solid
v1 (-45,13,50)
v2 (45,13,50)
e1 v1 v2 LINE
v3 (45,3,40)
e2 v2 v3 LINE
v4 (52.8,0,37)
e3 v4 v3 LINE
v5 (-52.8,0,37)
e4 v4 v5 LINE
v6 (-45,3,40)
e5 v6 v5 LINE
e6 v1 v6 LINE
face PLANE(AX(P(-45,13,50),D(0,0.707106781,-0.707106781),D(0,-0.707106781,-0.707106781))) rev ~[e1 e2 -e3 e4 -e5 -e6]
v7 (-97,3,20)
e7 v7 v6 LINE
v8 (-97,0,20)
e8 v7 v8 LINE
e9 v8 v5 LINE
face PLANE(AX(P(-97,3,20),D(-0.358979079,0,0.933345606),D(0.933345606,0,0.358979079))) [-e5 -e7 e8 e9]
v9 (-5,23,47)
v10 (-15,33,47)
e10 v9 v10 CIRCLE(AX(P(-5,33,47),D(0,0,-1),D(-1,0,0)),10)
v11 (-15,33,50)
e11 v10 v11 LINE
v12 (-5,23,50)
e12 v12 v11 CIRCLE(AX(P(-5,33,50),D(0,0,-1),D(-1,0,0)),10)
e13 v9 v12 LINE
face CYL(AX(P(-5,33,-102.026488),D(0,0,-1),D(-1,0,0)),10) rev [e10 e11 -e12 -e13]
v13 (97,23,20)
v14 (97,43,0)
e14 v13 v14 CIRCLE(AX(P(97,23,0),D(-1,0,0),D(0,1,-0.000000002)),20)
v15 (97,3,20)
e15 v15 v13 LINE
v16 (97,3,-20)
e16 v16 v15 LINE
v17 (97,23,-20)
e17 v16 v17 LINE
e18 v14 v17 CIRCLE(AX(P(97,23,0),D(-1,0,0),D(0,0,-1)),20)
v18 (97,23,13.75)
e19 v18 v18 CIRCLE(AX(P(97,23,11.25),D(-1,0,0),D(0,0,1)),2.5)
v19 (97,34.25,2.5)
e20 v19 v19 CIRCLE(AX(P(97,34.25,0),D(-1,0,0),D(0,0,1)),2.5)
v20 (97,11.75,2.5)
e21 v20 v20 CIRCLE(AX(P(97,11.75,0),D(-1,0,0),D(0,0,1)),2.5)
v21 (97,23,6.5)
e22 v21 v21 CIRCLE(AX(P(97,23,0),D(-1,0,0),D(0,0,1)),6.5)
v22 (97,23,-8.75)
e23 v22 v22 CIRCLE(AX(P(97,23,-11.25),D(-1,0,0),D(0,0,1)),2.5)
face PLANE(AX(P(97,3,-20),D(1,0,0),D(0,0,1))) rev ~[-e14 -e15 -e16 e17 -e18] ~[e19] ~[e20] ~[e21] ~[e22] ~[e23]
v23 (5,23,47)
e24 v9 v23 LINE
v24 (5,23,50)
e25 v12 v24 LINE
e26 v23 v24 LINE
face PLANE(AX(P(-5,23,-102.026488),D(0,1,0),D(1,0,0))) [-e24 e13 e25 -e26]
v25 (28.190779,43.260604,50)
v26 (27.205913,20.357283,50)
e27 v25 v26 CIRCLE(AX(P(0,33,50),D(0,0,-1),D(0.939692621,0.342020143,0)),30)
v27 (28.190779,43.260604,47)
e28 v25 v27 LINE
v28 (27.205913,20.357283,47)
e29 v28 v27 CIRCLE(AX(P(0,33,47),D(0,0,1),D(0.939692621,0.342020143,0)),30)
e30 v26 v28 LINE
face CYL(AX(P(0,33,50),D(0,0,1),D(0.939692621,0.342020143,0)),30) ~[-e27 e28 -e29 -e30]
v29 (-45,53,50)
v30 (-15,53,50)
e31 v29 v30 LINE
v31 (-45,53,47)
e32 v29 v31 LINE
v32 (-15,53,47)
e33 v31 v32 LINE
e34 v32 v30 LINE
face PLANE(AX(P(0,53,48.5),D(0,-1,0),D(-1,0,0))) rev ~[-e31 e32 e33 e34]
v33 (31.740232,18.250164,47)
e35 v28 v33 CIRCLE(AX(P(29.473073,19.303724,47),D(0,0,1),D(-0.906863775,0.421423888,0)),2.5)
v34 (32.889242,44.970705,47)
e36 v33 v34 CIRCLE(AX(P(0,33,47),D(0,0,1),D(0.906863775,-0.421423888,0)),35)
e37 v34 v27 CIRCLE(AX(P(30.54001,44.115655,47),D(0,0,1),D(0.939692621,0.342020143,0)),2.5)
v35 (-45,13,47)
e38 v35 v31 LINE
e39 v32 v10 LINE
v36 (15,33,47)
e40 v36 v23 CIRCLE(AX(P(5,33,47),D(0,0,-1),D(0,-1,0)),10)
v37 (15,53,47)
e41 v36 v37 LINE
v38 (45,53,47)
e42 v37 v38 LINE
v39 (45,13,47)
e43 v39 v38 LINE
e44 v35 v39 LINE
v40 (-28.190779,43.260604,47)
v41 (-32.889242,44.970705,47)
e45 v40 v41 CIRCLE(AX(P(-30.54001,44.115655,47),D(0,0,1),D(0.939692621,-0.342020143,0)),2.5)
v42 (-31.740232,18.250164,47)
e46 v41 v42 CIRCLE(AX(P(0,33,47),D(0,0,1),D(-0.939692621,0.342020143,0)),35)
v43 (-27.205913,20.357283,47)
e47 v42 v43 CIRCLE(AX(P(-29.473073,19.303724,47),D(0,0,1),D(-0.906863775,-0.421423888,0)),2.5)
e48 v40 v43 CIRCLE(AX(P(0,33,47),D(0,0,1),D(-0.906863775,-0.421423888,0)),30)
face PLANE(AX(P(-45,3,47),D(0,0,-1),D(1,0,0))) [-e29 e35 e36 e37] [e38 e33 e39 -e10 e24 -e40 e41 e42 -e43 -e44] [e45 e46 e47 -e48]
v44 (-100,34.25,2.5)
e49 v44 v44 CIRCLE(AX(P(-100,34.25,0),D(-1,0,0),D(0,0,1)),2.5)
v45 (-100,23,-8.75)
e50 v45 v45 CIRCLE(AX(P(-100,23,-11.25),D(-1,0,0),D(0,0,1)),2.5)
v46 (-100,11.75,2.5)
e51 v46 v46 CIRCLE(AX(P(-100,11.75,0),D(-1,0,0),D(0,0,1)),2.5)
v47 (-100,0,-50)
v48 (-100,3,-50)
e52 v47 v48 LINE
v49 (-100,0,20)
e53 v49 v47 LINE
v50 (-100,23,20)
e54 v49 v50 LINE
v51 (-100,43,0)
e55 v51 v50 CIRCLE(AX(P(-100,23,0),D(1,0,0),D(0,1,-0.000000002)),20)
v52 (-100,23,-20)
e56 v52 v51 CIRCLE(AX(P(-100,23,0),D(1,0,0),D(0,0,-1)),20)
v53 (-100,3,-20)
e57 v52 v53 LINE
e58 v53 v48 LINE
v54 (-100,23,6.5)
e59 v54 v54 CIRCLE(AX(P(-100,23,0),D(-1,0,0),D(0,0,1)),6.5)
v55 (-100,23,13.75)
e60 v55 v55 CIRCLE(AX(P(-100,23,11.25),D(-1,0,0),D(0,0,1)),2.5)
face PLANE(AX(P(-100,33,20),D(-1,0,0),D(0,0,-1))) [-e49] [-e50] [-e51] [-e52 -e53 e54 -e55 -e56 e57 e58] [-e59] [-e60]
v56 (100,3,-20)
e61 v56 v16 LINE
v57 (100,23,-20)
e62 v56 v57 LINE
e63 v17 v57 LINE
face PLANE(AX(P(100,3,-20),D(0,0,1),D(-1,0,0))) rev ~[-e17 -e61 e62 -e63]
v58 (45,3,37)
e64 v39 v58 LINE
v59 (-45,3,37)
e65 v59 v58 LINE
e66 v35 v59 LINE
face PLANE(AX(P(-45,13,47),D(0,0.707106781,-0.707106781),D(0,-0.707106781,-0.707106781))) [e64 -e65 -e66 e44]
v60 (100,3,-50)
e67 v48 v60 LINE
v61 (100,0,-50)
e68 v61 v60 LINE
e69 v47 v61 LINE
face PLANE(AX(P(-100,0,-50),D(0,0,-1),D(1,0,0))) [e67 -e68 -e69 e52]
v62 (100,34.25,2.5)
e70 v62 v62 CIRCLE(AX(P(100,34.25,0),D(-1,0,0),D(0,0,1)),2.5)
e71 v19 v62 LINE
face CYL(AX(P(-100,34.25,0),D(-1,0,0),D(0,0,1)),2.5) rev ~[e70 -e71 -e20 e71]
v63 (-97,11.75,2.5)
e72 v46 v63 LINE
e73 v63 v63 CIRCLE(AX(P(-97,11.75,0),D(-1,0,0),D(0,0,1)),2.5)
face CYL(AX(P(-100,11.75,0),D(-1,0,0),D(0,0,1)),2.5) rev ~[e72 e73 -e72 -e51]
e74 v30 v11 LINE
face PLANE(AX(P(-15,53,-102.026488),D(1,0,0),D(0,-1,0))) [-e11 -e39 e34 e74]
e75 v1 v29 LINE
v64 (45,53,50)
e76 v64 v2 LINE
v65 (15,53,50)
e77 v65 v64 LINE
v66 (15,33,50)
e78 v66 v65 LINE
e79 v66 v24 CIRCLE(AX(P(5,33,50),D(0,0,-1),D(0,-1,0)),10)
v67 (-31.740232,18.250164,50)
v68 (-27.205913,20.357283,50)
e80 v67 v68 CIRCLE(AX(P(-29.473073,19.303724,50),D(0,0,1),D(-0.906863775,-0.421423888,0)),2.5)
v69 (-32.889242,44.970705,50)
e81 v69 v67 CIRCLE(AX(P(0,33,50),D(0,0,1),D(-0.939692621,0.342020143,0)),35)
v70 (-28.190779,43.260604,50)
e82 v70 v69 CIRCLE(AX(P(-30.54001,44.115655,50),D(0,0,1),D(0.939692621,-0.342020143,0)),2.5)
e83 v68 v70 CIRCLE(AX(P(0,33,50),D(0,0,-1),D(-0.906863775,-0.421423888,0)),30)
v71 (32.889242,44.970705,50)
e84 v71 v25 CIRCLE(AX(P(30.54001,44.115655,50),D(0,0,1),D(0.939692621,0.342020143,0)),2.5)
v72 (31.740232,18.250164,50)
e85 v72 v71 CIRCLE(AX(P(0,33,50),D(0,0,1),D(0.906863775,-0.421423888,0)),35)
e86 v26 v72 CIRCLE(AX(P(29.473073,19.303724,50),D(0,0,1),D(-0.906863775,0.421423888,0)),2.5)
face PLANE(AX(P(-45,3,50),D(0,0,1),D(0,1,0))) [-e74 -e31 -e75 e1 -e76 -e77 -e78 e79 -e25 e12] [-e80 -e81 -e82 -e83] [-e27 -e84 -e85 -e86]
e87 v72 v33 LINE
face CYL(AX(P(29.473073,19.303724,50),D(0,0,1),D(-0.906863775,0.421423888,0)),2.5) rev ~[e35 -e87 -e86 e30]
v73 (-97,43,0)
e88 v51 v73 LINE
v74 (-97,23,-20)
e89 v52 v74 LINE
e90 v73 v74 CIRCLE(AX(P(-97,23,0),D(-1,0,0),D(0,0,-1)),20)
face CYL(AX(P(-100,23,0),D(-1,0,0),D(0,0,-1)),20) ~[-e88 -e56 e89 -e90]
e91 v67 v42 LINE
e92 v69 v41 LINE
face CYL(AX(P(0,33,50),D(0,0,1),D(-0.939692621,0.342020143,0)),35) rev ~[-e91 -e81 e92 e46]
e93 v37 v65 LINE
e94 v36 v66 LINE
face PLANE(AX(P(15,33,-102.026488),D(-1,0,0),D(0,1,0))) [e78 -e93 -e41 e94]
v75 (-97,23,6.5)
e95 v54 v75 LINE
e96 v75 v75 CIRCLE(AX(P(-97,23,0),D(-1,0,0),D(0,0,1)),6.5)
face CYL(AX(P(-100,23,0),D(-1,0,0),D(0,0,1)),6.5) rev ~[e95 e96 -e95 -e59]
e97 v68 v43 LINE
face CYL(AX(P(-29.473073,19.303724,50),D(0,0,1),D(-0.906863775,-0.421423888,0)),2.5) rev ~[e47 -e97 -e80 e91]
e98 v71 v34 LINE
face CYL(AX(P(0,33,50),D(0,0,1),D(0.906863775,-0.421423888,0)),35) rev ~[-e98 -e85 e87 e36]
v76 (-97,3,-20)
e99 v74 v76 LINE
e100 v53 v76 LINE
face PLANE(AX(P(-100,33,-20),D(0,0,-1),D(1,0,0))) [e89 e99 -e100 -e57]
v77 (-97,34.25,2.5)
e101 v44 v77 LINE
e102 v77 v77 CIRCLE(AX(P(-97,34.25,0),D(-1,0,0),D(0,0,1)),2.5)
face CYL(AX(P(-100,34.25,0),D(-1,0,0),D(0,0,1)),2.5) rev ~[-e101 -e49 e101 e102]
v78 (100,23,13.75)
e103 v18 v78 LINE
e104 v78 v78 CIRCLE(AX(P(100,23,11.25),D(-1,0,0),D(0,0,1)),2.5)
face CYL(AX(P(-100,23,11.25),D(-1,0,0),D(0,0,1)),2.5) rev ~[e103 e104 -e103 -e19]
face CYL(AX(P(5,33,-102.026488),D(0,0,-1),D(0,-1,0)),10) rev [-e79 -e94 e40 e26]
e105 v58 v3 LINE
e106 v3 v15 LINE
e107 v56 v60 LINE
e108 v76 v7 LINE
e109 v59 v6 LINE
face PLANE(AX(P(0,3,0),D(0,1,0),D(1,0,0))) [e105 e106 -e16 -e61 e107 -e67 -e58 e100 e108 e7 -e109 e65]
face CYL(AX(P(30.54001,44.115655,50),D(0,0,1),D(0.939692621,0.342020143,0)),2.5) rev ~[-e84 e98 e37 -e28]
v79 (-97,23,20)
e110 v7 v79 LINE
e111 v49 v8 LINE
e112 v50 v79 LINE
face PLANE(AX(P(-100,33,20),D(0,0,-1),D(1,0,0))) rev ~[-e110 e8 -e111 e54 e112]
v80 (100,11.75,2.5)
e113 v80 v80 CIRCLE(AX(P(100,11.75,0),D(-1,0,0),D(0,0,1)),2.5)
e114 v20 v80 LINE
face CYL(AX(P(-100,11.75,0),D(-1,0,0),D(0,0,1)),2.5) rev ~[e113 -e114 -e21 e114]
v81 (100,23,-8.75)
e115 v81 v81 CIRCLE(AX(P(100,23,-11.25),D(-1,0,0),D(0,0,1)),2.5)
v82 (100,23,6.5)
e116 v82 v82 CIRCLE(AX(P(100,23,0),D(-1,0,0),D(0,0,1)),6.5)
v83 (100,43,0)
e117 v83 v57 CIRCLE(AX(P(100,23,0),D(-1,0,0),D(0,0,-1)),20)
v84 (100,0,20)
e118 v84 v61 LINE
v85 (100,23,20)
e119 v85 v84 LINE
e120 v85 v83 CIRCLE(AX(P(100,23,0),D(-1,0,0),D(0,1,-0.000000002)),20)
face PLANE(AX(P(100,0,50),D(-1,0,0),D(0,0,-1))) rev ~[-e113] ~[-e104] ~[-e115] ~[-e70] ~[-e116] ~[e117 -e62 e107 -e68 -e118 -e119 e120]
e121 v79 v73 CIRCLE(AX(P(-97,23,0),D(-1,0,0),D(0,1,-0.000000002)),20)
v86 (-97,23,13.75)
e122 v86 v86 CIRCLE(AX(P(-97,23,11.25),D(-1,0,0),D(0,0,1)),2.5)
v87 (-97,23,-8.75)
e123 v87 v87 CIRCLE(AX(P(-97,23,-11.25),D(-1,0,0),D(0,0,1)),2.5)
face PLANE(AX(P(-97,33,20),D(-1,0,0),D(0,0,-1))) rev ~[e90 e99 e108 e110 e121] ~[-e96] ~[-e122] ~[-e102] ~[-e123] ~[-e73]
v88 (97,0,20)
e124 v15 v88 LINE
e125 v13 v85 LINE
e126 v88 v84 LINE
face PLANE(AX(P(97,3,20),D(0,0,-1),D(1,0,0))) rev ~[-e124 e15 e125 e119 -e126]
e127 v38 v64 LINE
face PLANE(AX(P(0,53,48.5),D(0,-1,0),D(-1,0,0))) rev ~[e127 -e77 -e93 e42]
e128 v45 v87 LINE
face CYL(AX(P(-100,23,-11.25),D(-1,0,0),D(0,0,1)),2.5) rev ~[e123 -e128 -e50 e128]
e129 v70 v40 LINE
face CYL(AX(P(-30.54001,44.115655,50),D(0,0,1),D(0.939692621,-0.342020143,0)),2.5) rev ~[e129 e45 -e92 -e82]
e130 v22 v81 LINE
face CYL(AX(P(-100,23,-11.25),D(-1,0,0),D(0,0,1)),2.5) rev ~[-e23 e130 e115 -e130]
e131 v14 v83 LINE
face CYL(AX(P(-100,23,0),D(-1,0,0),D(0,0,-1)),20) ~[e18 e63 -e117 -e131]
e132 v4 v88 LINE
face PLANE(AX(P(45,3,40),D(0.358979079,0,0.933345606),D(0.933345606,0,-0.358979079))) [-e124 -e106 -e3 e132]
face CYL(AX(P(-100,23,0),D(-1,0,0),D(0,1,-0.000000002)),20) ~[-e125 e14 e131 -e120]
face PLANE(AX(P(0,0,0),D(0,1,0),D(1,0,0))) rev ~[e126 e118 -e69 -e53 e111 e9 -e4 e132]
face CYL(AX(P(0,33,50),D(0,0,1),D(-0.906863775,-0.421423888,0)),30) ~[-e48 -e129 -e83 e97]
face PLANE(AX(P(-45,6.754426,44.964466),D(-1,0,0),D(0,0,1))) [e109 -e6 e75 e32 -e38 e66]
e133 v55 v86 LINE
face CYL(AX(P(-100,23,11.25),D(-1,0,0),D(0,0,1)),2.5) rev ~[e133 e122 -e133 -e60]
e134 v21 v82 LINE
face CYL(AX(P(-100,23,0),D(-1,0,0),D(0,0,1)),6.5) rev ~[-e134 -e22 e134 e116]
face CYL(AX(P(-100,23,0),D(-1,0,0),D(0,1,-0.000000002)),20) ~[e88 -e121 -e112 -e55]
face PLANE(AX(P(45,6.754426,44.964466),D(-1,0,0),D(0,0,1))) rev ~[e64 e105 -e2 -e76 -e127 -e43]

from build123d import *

# Parameters (mm, degrees)
SKETCH1_W                = 200
SKETCH1_H                = 100
BOSS_EXTRUDE1_DEPTH      = 3
BOSS_EXTRUDE2_DEPTH      = 50
CUT_EXTRUDE1_DEPTH       = 50
CUT_EXTRUDE2_DEPTH       = 152.026487743
CUT_EXTRUDE2_DEPTH_BACK  = 152.026487743
BOSS_EXTRUDE4_DEPTH      = 30
SKETCH7_R                = 6.5
CUT_EXTRUDE4_DEPTH       = 220
SKETCH8_W                = 3
SKETCH8_H                = 40
BOSS_EXTRUDE5_DEPTH      = 10
SKETCH9_R                = 2.5
CUT_EXTRUDE5_DEPTH       = 247
CUT_EXTRUDE6_DEPTH       = 29
CUT_EXTRUDE7_DEPTH       = 29
SKETCH12_W               = 90
SKETCH12_H               = 10
CUT_EXTRUDE9_DEPTH       = 3
BOSS_EXTRUDE6_DEPTH      = 90
CUT_EXTRUDE10_DEPTH      = 90
CUT_EXTRUDE11_DEPTH      = 90
CUT_EXTRUDE12_DEPTH      = 217.5
CUT_EXTRUDE14_DEPTH      = 59
CUT_EXTRUDE14_DEPTH_BACK = 122


with BuildPart() as part:
    # Sketch1 → Boss-Extrude1 (new body)
    with BuildSketch(Plane(origin=(0, 0, 0), x_dir=(1, 0, 0), z_dir=(0, 1, 0))):
        Rectangle(SKETCH1_W, SKETCH1_H)
    extrude(amount=BOSS_EXTRUDE1_DEPTH)

    # Sketch2 → Boss-Extrude2 (add)
    with BuildSketch(Plane(origin=(0, 3, 0), x_dir=(1, 0, 0), z_dir=(0, 1, 0))):
        Polygon((0, -50), (-45, -50), (-45, -47), (45, -47), (45, -50), align=None)
    extrude(amount=BOSS_EXTRUDE2_DEPTH)

    # Sketch3 → Cut-Extrude1 (cut)
    with BuildSketch(Plane.XY.offset(50)):
        with BuildLine():
            ThreePointArc((-32.889241728, 44.970705016), (-34.967685824, 31.496355047), (-31.740232125, 18.250163911))
            ThreePointArc((-31.740232125, 18.250163911), (-28.419512967, 17.036564194), (-27.20591325, 20.357283352))
            ThreePointArc((-27.20591325, 20.357283352), (-29.972302134, 31.711161468), (-28.190778624, 43.2606043))
            ThreePointArc((-28.190778624, 43.2606043), (-29.684959817, 46.46488621), (-32.889241728, 44.970705016))
        make_face()
        with BuildLine():
            ThreePointArc((27.20591325, 20.357283352), (28.419512967, 17.036564194), (31.740232125, 18.250163911))
            ThreePointArc((31.740232125, 18.250163911), (34.967685824, 31.496355047), (32.889241728, 44.970705016))
            ThreePointArc((32.889241728, 44.970705016), (29.684959817, 46.46488621), (28.190778624, 43.2606043))
            ThreePointArc((28.190778624, 43.2606043), (29.972302134, 31.711161468), (27.20591325, 20.357283352))
        make_face()
    extrude(amount=-CUT_EXTRUDE1_DEPTH, mode=Mode.SUBTRACT)

    # Sketch4 → Cut-Extrude2 (cut, two sides: drawn at the far end of the back side and taken through both)
    with BuildSketch(Plane.XY.offset(50).offset(-CUT_EXTRUDE2_DEPTH_BACK)):
        with BuildLine():
            Line((15, 33), (15, 53))
            Line((15, 53), (-15, 53))
            Line((-15, 53), (-15, 33))
            ThreePointArc((-15, 33), (-12.071067812, 25.928932188), (-5, 23))
            Line((-5, 23), (5, 23))
            ThreePointArc((5, 23), (12.071067812, 25.928932188), (15, 33))
        make_face()
    extrude(amount=CUT_EXTRUDE2_DEPTH + CUT_EXTRUDE2_DEPTH_BACK, mode=Mode.SUBTRACT)

    # Sketch5 → Boss-Extrude4 (add)
    with BuildSketch(Plane(origin=(0, 3, 0), x_dir=(1, 0, 0), z_dir=(0, 1, 0))):
        Polygon((-100, 0), (-100, 20), (-97, 20), (-97, -20), (-100, -20), align=None)
        Polygon((100, 0), (100, 20), (97, 20), (97, -20), (100, -20), align=None)
    extrude(amount=BOSS_EXTRUDE4_DEPTH)

    # Sketch7 → Cut-Extrude4 (cut)
    with BuildSketch(Plane.ZY.offset(100)):
        with Locations((0, 23)):
            Circle(SKETCH7_R)
    extrude(amount=-CUT_EXTRUDE4_DEPTH, mode=Mode.SUBTRACT)

    # Sketch8 → Boss-Extrude5 (add)
    with BuildSketch(Plane(origin=(0, 33, 0), x_dir=(1, 0, 0), z_dir=(0, 1, 0))):
        with Locations((-98.5, 0)):
            Rectangle(SKETCH8_W, SKETCH8_H)
        with Locations((98.5, 0)):
            Rectangle(SKETCH8_W, SKETCH8_H)
    extrude(amount=BOSS_EXTRUDE5_DEPTH)

    # Sketch9 → Cut-Extrude5 (cut)
    with BuildSketch(Plane.ZY.offset(100)):
        with Locations((0, 34.25)):
            Circle(SKETCH9_R)
        with Locations((-11.25, 23)):
            Circle(SKETCH9_R)
        with Locations((0, 11.75)):
            Circle(SKETCH9_R)
        with Locations((11.25, 23)):
            Circle(SKETCH9_R)
    extrude(amount=-CUT_EXTRUDE5_DEPTH, mode=Mode.SUBTRACT)

    # Sketch10 → Cut-Extrude6 (cut)
    with BuildSketch(Plane(origin=(0, 3, 0), x_dir=(1, 0, 0), z_dir=(0, 1, 0))):
        Polygon((-45, -50), (-100, -20), (-100, -50), align=None)
    extrude(amount=-CUT_EXTRUDE6_DEPTH, mode=Mode.SUBTRACT)

    # Sketch11 → Cut-Extrude7 (cut)
    with BuildSketch(Plane(origin=(0, 3, 0), x_dir=(1, 0, 0), z_dir=(0, 1, 0))):
        Polygon((45, -50), (100, -20), (100, -50), align=None)
    extrude(amount=-CUT_EXTRUDE7_DEPTH, mode=Mode.SUBTRACT)

    # Sketch12 → Cut-Extrude9 (cut)
    with BuildSketch(Plane.XY.offset(50)):
        with Locations((0, 8)):
            Rectangle(SKETCH12_W, SKETCH12_H)
    extrude(amount=-CUT_EXTRUDE9_DEPTH, mode=Mode.SUBTRACT)


with BuildPart() as cut_extrude9_piece_1:
    # of the separate pieces the step leaves, piece 1, a body of its own (cut_extrude9_pieces)
    add(part.part.solids().sort_by_distance((100, 0, -50))[0])



with BuildPart() as cut_extrude9_piece_2:
    # of the separate pieces the step leaves, piece 2, a body of its own (cut_extrude9_pieces)
    add(part.part.solids().sort_by_distance((-45, 13, 47))[0])


with BuildPart() as cut_extrude9_piece_1_1:
    add(cut_extrude9_piece_1.part)

    add(cut_extrude9_piece_2.part)  # Boss-Extrude6 merges Cut-Extrude9 piece 2
    # Sketch13 → Boss-Extrude6 (add)
    with BuildSketch(Plane.ZY.offset(45)):
        Polygon((47, 13), (37, 3), (47, 3), (50, 3), (50, 13), align=None)
    extrude(amount=-BOSS_EXTRUDE6_DEPTH)

    # Sketch14 → Cut-Extrude10 (cut)
    with BuildSketch(Plane.ZY.offset(45)):
        Polygon((50, 13), (40, 3), (50, 3), align=None)
    extrude(amount=-CUT_EXTRUDE10_DEPTH, mode=Mode.SUBTRACT)

    # Sketch15 → Cut-Extrude11 (cut)
    with BuildSketch(Plane(origin=(0, 3, 0), x_dir=(1, 0, 0), z_dir=(0, 1, 0))):
        Polygon((-100, -20), (-97, -20), (-45, -40), (45, -40), (97, -20), (100, -20), (45, -50), (-45, -50), align=None)
    extrude(amount=-CUT_EXTRUDE11_DEPTH, mode=Mode.SUBTRACT)

    # Sketch16 → Cut-Extrude12 (cut)
    with BuildSketch(Plane.ZY.offset(100)):
        with BuildLine():
            Line((-3.2e-08, 43), (-20, 43))
            Line((-20, 43), (-20, 23))
            ThreePointArc((-20, 23), (-14.142135635, 37.142135612), (-3.2e-08, 43))
        make_face()
        with BuildLine():
            Line((20, 43), (-3.2e-08, 43))
            ThreePointArc((-3.2e-08, 43), (14.142135612, 37.142135635), (20, 23))
            Line((20, 23), (20, 43))
        make_face()
    extrude(amount=-CUT_EXTRUDE12_DEPTH, mode=Mode.SUBTRACT)

    # Sketch17 → Cut-Extrude14 (cut, two sides: drawn at the far end of the back side and taken through both)
    with BuildSketch(Plane.ZY.offset(45).offset(-CUT_EXTRUDE14_DEPTH_BACK)):
        Polygon((40, 3), (40, 0), (37, 0), align=None)
    extrude(amount=CUT_EXTRUDE14_DEPTH + CUT_EXTRUDE14_DEPTH_BACK, mode=Mode.SUBTRACT)


solid = cut_extrude9_piece_1_1.part
